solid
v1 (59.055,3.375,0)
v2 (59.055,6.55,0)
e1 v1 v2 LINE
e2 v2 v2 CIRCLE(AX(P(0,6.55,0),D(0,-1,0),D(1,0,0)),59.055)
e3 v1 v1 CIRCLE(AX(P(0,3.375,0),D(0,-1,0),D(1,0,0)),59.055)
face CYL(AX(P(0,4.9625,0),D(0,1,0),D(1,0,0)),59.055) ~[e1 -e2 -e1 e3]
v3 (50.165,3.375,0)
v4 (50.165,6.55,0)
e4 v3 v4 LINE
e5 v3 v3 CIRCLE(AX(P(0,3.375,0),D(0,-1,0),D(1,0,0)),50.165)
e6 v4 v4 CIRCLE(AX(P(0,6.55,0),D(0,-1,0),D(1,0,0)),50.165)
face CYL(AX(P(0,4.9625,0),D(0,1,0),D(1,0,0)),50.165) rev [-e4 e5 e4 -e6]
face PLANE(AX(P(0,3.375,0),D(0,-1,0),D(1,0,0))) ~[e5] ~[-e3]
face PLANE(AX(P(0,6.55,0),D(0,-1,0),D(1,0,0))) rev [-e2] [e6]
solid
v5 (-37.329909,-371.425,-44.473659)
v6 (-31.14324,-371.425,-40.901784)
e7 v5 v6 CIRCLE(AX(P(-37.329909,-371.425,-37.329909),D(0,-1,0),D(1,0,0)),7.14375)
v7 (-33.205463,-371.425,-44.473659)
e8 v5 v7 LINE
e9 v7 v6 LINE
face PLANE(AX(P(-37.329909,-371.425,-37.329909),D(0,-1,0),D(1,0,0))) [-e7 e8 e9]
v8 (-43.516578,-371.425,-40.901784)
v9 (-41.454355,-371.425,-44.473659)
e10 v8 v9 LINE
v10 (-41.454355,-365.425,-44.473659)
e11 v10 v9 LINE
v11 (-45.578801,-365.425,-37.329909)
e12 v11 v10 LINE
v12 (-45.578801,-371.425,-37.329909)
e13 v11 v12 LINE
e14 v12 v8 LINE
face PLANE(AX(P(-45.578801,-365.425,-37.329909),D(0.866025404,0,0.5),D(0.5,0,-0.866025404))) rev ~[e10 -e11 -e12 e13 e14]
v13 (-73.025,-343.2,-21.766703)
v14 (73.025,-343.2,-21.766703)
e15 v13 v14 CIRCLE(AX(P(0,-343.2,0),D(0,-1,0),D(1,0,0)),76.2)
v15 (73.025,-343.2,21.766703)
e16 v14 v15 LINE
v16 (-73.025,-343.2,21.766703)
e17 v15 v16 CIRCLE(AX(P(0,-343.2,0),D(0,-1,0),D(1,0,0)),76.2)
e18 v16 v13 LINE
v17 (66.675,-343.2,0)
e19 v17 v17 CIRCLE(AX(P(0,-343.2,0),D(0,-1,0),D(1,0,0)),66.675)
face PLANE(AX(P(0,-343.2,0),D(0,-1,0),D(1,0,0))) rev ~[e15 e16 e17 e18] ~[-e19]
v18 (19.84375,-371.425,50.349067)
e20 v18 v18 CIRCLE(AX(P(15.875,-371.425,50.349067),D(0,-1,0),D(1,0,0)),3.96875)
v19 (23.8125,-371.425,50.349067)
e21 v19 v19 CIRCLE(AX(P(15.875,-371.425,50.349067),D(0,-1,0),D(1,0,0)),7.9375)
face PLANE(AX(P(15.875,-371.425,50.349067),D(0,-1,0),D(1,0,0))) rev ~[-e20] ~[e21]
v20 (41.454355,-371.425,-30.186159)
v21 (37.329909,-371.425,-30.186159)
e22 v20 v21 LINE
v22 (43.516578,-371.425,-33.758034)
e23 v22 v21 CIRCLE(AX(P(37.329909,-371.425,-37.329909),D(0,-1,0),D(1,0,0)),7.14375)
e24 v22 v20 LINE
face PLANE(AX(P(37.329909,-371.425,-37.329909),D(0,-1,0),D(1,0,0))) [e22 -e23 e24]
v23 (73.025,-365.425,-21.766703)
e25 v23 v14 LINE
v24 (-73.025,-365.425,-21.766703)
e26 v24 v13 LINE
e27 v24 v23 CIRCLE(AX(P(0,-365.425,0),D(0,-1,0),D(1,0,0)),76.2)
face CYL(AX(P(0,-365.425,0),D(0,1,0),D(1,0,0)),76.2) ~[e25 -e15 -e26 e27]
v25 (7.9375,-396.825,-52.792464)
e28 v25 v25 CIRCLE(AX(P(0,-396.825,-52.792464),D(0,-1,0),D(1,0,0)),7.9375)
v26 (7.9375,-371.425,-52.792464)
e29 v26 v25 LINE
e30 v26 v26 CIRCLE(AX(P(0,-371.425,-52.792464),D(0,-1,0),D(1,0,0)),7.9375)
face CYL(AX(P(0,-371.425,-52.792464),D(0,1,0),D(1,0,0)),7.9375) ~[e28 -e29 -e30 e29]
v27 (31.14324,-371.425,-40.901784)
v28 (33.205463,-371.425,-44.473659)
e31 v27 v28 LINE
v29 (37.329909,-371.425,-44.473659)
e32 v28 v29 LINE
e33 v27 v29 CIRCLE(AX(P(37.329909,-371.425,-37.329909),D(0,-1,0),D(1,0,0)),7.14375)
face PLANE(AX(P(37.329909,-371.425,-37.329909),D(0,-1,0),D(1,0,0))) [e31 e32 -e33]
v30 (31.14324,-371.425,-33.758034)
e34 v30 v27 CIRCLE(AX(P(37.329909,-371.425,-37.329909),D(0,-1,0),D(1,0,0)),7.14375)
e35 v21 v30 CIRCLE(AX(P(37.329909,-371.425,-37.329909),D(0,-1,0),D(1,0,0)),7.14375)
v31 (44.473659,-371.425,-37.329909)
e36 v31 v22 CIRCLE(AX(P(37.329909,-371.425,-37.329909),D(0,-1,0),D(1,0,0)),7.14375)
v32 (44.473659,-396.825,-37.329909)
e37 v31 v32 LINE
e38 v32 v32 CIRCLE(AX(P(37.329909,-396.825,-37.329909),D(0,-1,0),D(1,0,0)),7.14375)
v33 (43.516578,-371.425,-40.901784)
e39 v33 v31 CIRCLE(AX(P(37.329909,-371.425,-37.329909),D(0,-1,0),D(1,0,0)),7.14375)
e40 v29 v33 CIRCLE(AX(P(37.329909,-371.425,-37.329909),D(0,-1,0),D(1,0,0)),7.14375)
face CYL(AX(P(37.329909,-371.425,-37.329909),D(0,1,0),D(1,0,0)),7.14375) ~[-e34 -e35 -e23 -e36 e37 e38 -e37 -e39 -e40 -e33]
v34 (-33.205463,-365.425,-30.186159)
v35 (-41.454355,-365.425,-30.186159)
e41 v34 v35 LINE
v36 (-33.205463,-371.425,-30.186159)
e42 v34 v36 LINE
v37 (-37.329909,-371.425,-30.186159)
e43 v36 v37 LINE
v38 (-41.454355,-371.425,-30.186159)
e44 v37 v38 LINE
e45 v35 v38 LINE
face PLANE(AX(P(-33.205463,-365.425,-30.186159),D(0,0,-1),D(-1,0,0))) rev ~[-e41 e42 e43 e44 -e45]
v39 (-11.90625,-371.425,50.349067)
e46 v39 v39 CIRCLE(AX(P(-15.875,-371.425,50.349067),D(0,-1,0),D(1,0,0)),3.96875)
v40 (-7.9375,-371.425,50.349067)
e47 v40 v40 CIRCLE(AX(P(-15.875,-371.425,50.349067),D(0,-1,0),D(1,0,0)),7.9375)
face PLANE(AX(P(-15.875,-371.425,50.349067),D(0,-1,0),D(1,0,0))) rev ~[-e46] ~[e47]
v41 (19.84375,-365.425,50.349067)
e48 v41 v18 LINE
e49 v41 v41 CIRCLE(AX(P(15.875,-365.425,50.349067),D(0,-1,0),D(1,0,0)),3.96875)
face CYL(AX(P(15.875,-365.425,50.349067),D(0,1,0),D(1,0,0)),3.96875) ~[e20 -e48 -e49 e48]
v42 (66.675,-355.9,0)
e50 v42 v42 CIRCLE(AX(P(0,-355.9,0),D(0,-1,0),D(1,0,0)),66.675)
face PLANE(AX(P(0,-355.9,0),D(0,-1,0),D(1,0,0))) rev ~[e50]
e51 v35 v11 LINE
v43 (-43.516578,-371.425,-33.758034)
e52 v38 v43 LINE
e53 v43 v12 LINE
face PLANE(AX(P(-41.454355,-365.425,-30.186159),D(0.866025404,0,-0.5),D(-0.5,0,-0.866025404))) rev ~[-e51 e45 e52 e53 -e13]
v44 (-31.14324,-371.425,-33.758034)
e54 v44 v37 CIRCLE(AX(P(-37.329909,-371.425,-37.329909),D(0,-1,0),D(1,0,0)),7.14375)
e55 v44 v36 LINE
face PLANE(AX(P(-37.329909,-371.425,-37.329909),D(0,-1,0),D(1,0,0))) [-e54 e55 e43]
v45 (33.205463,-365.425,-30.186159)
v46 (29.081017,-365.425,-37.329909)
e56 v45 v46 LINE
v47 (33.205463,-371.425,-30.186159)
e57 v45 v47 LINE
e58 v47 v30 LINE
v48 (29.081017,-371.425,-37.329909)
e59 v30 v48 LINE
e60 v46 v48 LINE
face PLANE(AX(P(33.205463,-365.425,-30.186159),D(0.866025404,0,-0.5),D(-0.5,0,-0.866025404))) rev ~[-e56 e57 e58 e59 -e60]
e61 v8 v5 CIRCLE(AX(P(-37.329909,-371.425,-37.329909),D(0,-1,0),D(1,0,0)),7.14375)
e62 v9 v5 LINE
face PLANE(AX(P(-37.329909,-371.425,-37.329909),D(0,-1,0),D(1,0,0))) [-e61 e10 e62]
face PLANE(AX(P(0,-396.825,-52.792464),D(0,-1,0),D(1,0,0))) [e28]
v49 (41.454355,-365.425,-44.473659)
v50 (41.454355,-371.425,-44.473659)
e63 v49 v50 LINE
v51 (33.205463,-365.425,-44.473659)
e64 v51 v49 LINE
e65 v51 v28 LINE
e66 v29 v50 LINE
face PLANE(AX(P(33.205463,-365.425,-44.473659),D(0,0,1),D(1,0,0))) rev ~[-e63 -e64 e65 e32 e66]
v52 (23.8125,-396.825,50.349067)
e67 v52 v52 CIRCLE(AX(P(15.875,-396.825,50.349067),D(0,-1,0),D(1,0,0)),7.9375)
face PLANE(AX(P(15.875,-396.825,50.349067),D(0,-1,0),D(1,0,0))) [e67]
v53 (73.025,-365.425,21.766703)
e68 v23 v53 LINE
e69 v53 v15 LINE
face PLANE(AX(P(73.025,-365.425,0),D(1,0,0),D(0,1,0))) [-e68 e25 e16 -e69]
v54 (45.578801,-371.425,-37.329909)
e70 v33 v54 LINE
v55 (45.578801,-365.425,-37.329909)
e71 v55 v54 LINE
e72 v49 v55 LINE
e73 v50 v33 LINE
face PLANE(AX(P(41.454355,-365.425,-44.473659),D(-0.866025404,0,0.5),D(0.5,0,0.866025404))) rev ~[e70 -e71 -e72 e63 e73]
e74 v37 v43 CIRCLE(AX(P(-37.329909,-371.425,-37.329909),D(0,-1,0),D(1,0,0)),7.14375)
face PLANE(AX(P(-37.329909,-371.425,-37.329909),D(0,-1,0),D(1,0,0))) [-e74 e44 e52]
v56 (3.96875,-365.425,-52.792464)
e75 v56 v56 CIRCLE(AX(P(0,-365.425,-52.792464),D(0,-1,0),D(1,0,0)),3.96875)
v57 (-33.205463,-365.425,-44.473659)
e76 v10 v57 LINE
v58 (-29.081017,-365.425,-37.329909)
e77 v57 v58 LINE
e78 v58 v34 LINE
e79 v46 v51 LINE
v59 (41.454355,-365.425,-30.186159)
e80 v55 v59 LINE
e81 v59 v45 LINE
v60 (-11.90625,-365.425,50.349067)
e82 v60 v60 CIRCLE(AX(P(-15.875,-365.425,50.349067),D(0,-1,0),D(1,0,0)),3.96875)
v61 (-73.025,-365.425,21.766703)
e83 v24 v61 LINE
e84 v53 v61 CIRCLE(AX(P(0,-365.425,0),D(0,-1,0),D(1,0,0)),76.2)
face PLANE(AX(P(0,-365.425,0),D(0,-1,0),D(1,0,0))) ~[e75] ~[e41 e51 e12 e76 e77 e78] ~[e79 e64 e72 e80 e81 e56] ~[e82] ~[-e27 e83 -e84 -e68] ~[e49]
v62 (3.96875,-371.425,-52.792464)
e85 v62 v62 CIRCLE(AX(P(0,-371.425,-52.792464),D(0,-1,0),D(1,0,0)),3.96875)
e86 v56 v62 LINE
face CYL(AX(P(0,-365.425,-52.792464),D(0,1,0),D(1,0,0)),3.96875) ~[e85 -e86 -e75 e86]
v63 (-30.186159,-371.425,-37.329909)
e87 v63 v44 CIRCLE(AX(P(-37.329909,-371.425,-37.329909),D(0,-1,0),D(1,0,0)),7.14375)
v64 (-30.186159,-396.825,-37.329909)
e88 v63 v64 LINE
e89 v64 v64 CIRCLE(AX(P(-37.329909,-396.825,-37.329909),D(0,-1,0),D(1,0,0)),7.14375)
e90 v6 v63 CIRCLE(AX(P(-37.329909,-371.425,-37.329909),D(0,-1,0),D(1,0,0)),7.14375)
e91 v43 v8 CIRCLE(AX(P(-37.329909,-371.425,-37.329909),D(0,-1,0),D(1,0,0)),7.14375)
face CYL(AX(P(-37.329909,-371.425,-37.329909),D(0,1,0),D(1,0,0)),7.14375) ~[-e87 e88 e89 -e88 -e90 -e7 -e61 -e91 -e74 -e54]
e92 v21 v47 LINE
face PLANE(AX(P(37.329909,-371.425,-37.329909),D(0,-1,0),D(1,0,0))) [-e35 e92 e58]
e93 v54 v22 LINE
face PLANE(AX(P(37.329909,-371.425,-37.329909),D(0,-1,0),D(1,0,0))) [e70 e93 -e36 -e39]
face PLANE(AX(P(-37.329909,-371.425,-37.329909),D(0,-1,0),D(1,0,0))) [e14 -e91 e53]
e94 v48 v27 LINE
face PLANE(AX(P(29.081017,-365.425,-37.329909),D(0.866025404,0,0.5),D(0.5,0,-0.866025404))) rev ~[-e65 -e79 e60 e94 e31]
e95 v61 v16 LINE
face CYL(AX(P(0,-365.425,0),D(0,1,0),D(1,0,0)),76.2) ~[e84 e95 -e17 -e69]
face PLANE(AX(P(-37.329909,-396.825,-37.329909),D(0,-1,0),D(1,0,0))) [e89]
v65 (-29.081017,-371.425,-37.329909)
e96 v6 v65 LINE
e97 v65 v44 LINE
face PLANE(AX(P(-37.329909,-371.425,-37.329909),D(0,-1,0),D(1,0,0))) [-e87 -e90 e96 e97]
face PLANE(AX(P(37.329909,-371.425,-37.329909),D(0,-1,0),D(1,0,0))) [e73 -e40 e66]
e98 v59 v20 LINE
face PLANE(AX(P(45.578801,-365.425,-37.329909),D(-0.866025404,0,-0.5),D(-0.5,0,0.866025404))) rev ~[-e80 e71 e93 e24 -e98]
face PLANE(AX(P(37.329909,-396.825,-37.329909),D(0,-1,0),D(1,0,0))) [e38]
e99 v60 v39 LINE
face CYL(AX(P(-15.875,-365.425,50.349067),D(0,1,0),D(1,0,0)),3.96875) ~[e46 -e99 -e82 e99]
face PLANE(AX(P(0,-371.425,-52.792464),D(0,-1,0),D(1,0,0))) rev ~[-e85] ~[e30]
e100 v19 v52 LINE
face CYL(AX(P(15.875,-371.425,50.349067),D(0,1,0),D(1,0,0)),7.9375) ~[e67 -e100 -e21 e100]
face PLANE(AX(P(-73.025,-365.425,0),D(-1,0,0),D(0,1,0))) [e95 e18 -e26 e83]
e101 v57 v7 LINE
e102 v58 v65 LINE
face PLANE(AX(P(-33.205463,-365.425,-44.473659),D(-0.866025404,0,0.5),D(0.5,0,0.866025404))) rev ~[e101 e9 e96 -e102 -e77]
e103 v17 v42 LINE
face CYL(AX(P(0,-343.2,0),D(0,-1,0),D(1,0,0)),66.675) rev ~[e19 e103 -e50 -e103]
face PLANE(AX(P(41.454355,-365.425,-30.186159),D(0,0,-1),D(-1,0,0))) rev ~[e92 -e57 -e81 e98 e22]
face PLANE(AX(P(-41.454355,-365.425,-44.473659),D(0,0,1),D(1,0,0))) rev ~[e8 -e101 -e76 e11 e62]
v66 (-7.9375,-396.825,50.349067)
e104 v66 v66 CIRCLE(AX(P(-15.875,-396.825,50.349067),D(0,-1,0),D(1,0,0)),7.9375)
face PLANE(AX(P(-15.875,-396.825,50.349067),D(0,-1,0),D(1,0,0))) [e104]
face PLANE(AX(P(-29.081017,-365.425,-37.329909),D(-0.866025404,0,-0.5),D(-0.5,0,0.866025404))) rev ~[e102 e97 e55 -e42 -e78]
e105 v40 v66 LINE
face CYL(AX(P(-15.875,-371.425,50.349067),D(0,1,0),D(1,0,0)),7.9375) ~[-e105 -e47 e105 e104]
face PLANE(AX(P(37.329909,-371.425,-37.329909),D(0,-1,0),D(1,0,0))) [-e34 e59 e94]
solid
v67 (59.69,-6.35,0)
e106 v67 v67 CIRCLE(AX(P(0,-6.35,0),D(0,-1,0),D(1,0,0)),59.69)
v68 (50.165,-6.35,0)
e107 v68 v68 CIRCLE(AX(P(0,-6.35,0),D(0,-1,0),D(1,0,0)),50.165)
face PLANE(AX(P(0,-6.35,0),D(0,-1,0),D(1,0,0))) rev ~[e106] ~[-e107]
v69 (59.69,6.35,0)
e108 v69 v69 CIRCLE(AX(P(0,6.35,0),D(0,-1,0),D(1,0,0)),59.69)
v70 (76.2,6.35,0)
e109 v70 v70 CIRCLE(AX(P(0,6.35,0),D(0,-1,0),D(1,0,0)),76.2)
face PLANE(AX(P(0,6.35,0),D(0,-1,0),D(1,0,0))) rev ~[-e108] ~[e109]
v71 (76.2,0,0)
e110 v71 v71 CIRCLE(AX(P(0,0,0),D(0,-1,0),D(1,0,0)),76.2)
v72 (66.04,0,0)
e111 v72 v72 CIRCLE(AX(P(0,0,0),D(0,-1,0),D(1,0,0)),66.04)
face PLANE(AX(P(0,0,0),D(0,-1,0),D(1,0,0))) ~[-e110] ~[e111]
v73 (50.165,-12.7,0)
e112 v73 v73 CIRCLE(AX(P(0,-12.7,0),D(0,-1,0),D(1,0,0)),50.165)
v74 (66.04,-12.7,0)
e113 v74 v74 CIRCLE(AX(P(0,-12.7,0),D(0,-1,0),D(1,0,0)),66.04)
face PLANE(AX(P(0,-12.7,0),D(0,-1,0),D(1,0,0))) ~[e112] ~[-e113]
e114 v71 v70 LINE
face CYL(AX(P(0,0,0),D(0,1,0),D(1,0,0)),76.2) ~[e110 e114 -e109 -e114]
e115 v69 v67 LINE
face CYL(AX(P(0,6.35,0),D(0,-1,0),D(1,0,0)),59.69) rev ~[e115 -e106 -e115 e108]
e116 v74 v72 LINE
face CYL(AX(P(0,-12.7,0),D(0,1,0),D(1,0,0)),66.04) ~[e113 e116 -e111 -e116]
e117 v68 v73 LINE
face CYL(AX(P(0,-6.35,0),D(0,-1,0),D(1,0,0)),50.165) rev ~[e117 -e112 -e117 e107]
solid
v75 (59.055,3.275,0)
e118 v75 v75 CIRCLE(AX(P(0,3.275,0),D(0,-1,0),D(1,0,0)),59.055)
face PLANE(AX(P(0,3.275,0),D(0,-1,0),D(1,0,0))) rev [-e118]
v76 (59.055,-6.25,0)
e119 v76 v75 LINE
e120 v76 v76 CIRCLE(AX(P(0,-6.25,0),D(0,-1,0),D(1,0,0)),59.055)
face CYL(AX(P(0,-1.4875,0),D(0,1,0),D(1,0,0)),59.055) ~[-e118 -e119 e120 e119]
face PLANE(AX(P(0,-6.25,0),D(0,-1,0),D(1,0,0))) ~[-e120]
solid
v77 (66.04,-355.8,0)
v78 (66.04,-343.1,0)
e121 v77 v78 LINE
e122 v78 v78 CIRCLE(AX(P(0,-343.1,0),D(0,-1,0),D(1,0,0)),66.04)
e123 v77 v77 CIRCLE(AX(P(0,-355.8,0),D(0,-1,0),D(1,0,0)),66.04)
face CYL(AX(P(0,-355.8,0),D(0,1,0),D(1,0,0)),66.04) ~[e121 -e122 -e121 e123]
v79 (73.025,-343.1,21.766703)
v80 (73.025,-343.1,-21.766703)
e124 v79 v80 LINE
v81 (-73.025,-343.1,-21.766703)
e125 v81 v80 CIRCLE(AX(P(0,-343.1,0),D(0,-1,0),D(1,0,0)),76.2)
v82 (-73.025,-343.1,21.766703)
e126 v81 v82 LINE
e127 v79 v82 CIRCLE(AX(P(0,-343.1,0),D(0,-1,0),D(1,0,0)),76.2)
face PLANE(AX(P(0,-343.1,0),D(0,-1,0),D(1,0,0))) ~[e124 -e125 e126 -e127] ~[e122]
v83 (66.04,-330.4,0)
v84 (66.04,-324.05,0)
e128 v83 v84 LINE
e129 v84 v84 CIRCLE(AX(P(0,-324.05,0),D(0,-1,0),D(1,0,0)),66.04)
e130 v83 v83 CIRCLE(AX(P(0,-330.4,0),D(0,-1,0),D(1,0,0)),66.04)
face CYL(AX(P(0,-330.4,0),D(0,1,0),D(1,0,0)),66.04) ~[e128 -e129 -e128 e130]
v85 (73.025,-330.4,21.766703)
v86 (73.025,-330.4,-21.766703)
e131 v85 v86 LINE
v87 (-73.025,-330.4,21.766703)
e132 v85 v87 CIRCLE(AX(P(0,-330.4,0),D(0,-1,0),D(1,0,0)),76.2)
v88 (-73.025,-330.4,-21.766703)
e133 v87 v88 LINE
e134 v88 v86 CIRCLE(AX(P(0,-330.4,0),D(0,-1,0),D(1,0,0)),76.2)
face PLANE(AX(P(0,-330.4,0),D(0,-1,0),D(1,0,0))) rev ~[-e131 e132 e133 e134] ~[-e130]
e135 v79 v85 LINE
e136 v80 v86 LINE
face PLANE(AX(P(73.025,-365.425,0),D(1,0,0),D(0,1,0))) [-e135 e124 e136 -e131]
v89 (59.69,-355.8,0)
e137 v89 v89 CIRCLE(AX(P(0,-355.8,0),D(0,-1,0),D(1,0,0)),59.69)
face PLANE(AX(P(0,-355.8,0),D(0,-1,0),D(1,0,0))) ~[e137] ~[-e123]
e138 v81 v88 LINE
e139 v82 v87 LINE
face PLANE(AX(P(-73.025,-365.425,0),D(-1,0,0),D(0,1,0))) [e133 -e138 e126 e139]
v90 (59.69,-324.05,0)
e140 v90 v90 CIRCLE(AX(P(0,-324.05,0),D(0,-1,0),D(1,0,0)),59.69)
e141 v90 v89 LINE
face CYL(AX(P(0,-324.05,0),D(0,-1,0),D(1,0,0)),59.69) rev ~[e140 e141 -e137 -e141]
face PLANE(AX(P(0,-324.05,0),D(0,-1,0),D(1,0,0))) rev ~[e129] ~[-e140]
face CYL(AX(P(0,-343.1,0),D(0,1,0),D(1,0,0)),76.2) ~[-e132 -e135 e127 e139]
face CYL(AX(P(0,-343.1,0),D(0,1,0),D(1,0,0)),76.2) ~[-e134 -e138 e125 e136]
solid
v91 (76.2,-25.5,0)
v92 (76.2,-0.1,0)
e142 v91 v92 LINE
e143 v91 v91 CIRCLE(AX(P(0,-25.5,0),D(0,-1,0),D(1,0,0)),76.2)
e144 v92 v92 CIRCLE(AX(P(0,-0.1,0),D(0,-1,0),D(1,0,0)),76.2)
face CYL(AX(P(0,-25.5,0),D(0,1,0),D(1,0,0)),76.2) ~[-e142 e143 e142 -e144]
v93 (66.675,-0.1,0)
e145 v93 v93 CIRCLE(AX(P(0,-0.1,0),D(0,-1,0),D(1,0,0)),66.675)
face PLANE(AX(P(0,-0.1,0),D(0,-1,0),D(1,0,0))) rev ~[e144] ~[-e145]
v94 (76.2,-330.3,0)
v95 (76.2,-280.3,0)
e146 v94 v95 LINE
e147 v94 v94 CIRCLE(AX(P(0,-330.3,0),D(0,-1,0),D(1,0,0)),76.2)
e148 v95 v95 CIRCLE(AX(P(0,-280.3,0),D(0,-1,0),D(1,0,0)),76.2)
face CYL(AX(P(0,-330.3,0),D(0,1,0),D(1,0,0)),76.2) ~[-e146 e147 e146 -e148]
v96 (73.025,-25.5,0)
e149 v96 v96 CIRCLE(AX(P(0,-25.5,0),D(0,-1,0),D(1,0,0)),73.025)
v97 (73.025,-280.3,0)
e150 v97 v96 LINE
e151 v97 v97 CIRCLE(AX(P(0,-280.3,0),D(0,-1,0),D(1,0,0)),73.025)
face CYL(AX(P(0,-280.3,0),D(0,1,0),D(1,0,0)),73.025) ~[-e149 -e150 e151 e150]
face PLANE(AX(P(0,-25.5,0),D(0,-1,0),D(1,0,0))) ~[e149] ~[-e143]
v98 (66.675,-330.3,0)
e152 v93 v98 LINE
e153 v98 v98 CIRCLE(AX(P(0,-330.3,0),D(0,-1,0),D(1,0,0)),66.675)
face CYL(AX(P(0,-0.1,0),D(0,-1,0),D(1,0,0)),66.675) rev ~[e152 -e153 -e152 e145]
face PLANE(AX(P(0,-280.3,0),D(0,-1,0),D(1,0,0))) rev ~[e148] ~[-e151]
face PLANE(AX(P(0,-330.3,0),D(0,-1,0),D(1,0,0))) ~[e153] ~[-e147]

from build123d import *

# Parameters (mm, degrees)
SKETCH2_W           = 59.055
SKETCH2_H           = 9.525
SKETCH2_W_2         = 8.89
SKETCH2_H_2         = 3.175
SKETCH6_W           = 3.175
SKETCH6_H           = 35.025
CUT_EXTRUDE1_DEPTH  = 40
SKETCH9_R           = 3.96875
BOSS_EXTRUDE1_DEPTH = 6
SKETCH10_R          = 7.14375
SKETCH10_R_2        = 7.9375
BOSS_EXTRUDE2_DEPTH = 25.4


with BuildPart() as part:
    # Sketch2 → Revolve1 (revolve)
    with BuildSketch(Plane.XY):
        Polygon((76.2, -25.5), (76.2, -0.1), (66.675, -0.1), (66.675, -330.3), (76.2, -330.3), (76.2, -280.3), (73.025, -280.3), (73.025, -25.5), align=None)
        Polygon((66.04, 0), (76.2, 0), (76.2, 6.35), (59.69, 6.35), (59.69, -6.35), (50.165, -6.35), (50.165, -12.7), (66.04, -12.7), align=None)
        Polygon((66.04, -324.05), (59.69, -324.05), (59.69, -355.8), (66.04, -355.8), (66.04, -343.1), (76.2, -343.1), (76.2, -330.4), (66.04, -330.4), align=None)
        Polygon((76.2, -343.2), (66.675, -343.2), (66.675, -355.9), (0, -355.9), (0, -365.425), (76.2, -365.425), align=None)
        with Locations((29.5275, -1.4875)):
            Rectangle(SKETCH2_W, SKETCH2_H)
        with Locations((54.61, 4.9625)):
            Rectangle(SKETCH2_W_2, SKETCH2_H_2)
    revolve(axis=Axis((0, 3.275, 0), (0, -1, 0)))

    # Sketch6 → Cut-Extrude1 (cut, symmetric)
    with BuildSketch(Plane.XY):
        with Locations((-74.6125, -347.9125)):
            Rectangle(SKETCH6_W, SKETCH6_H)
        with Locations((74.6125, -347.9125)):
            Rectangle(SKETCH6_W, SKETCH6_H)
    extrude(amount=CUT_EXTRUDE1_DEPTH, both=True, mode=Mode.SUBTRACT)

    # Sketch9 → Boss-Extrude1 (add)
    with BuildSketch(Plane.XZ.offset(365.425)):
        with Locations((-15.875, 50.349067488)):
            Circle(SKETCH9_R)
        with Locations((15.875, 50.349067488)):
            Circle(SKETCH9_R)
        with Locations((0, -52.792463684)):
            Circle(SKETCH9_R)
        Polygon((-33.205463081, -44.473659067), (-29.081017096, -37.329909067), (-33.205463081, -30.186159067), (-41.454355052, -30.186159067), (-45.578801038, -37.329909067), (-41.454355052, -44.473659067), align=None)
        Polygon((41.454355052, -44.473659067), (45.578801038, -37.329909067), (41.454355052, -30.186159067), (33.205463081, -30.186159067), (29.081017096, -37.329909067), (33.205463081, -44.473659067), align=None)
    extrude(amount=BOSS_EXTRUDE1_DEPTH)

    # Sketch10 → Boss-Extrude2 (add)
    with BuildSketch(Plane.XZ.offset(371.425)):
        with Locations((-37.329909067, -37.329909067)):
            Circle(SKETCH10_R)
        with Locations((37.329909067, -37.329909067)):
            Circle(SKETCH10_R)
        with Locations((-15.875, 50.349067488)):
            Circle(SKETCH10_R_2)
        with Locations((15.875, 50.349067488)):
            Circle(SKETCH10_R_2)
        with Locations((0, -52.792463684)):
            Circle(SKETCH10_R_2)
    extrude(amount=BOSS_EXTRUDE2_DEPTH)


solid = part.part
